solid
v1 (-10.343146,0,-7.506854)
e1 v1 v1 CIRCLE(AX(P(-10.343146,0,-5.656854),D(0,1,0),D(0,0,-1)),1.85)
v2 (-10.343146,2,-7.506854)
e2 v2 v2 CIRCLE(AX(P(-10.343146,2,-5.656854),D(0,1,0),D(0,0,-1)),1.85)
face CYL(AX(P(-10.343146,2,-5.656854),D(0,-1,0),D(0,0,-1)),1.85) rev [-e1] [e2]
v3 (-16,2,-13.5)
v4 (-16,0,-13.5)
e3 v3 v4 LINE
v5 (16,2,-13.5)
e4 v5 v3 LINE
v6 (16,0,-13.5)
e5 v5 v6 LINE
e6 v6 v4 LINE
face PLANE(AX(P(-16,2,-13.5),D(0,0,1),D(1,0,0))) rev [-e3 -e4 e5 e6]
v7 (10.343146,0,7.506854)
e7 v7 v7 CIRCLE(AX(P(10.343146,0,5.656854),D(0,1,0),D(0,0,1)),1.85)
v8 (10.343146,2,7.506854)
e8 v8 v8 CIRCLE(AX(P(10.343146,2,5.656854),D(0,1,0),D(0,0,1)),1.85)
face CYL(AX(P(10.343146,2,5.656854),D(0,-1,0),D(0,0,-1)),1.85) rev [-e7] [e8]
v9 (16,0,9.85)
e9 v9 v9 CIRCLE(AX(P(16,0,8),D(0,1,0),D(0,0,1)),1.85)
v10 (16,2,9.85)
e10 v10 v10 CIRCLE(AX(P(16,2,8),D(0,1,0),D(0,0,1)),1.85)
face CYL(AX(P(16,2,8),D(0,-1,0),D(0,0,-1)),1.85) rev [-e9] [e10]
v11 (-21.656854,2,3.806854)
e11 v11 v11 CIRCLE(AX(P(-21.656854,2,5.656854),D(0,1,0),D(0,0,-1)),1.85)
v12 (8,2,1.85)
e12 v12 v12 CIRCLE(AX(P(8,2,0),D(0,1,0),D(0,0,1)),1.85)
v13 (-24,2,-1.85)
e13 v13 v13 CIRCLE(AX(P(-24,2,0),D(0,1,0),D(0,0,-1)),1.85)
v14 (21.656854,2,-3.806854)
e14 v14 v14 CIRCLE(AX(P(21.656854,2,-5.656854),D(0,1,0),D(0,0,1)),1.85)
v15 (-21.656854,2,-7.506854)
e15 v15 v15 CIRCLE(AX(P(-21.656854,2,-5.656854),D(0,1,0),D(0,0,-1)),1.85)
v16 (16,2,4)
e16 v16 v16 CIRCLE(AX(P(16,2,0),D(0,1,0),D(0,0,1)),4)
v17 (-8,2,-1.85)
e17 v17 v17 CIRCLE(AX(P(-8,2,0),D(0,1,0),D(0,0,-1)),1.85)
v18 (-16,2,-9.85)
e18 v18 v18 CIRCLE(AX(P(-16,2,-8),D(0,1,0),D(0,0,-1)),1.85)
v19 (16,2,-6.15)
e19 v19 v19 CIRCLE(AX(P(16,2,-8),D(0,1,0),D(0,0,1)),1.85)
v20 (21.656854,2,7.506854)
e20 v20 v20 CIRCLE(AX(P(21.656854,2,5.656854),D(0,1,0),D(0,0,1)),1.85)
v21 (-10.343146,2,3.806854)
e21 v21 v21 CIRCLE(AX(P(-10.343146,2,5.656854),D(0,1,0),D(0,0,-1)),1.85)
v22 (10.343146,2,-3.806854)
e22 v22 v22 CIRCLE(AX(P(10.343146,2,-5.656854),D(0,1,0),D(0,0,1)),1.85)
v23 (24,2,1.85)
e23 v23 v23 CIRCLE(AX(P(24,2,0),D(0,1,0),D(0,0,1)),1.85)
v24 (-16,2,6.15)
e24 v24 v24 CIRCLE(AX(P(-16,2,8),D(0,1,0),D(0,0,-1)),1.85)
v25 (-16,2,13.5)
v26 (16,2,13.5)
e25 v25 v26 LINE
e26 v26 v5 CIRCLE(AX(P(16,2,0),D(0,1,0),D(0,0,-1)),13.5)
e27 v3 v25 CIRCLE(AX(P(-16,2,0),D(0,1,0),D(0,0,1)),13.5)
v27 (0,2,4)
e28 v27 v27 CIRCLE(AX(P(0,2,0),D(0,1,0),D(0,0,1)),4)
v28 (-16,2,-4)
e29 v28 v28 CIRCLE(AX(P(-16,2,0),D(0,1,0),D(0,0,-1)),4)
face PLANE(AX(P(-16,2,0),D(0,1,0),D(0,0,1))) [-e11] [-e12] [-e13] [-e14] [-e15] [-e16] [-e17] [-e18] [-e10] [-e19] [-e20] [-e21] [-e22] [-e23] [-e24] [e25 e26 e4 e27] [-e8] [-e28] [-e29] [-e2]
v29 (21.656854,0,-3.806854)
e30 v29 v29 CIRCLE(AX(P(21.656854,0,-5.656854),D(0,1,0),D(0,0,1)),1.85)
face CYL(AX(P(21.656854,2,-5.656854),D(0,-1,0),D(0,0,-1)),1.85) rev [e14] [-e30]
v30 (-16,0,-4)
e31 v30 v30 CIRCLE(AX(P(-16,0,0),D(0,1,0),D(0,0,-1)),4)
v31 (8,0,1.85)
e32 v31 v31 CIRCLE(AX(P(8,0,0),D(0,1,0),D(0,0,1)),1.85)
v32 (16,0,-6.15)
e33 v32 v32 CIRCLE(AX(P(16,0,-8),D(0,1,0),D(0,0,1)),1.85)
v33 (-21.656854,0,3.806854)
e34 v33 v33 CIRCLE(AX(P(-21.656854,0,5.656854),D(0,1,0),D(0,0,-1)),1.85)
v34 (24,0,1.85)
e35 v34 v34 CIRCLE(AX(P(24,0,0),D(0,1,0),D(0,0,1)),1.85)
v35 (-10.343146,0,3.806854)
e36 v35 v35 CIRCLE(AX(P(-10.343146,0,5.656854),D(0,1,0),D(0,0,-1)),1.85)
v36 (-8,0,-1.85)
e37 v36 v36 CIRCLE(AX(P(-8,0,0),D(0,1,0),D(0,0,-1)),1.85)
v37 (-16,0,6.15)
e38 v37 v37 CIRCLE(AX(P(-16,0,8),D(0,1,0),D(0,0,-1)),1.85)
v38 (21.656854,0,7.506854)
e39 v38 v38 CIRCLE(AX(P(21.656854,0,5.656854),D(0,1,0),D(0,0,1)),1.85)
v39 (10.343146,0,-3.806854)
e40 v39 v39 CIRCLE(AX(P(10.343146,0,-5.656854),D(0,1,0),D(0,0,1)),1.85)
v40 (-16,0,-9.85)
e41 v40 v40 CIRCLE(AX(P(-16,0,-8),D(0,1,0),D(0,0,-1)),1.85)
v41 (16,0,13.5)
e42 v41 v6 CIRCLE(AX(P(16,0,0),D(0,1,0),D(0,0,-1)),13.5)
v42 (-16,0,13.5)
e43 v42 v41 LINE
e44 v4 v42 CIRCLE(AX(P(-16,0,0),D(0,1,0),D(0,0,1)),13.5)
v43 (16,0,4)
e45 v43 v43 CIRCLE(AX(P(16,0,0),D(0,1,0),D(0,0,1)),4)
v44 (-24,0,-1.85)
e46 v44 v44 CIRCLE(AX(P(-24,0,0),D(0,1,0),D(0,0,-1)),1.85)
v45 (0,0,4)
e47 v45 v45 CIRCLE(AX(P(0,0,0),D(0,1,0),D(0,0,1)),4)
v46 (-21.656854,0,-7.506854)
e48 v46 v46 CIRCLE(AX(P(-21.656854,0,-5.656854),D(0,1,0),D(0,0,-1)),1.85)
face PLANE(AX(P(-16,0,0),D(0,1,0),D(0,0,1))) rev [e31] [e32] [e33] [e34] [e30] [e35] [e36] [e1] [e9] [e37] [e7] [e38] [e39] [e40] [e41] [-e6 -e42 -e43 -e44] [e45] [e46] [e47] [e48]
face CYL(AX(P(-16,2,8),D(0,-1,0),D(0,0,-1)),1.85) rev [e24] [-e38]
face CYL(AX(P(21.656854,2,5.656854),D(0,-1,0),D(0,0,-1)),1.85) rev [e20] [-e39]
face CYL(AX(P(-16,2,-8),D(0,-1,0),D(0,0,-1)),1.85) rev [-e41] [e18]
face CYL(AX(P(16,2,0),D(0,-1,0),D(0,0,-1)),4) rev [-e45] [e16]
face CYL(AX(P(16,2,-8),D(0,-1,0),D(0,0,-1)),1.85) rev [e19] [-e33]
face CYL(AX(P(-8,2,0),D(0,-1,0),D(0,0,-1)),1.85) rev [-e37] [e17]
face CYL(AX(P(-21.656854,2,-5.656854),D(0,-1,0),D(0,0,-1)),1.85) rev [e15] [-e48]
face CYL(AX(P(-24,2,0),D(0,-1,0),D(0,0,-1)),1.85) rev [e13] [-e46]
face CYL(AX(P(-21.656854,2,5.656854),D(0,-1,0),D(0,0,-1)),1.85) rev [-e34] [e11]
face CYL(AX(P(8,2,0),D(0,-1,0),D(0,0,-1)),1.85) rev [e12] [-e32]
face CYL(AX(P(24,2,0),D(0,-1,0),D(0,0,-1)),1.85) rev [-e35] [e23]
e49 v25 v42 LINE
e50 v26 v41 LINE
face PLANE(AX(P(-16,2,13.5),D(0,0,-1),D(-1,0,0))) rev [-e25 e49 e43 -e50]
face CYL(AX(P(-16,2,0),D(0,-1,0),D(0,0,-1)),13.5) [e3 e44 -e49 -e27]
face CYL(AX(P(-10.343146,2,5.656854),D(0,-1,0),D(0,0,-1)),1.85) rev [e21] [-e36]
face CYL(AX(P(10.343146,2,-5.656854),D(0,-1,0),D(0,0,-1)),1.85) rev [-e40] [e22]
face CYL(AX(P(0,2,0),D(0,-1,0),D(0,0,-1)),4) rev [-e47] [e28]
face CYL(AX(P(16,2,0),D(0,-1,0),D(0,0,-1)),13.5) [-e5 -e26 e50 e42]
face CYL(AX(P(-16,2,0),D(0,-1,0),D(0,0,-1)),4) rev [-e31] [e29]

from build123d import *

# Parameters (mm, degrees)
SKETCH1_R           = 4
SKETCH1_R_2         = 1.85
BOSS_EXTRUDE1_DEPTH = 2


with BuildPart() as part:
    # Sketch1 → Boss-Extrude1 (new body)
    with BuildSketch(Plane(origin=(0, 0, 0), x_dir=(1, 0, 0), z_dir=(0, 1, 0))):
        with BuildLine():
            Line((-16, 13.5), (16, 13.5))
            ThreePointArc((16, 13.5), (29.5, 0), (16, -13.5))
            Line((16, -13.5), (-16, -13.5))
            ThreePointArc((-16, -13.5), (-29.5, 0), (-16, 13.5))
        make_face()
        Circle(SKETCH1_R, mode=Mode.SUBTRACT)
        with Locations((16, 0)):
            Circle(SKETCH1_R, mode=Mode.SUBTRACT)
        with Locations((8, 0)):
            Circle(SKETCH1_R_2, mode=Mode.SUBTRACT)
        with Locations((10.343145751, 5.656854249)):
            Circle(SKETCH1_R_2, mode=Mode.SUBTRACT)
        with Locations((16, 8)):
            Circle(SKETCH1_R_2, mode=Mode.SUBTRACT)
        with Locations((21.656854249, 5.656854249)):
            Circle(SKETCH1_R_2, mode=Mode.SUBTRACT)
        with Locations((24, 0)):
            Circle(SKETCH1_R_2, mode=Mode.SUBTRACT)
        with Locations((21.656854249, -5.656854249)):
            Circle(SKETCH1_R_2, mode=Mode.SUBTRACT)
        with Locations((16, -8)):
            Circle(SKETCH1_R_2, mode=Mode.SUBTRACT)
        with Locations((10.343145751, -5.656854249)):
            Circle(SKETCH1_R_2, mode=Mode.SUBTRACT)
        with Locations((-10.343145751, -5.656854249)):
            Circle(SKETCH1_R_2, mode=Mode.SUBTRACT)
        with Locations((-16, -8)):
            Circle(SKETCH1_R_2, mode=Mode.SUBTRACT)
        with Locations((-21.656854249, -5.656854249)):
            Circle(SKETCH1_R_2, mode=Mode.SUBTRACT)
        with Locations((-24, 0)):
            Circle(SKETCH1_R_2, mode=Mode.SUBTRACT)
        with Locations((-21.656854249, 5.656854249)):
            Circle(SKETCH1_R_2, mode=Mode.SUBTRACT)
        with Locations((-16, 8)):
            Circle(SKETCH1_R_2, mode=Mode.SUBTRACT)
        with Locations((-10.343145751, 5.656854249)):
            Circle(SKETCH1_R_2, mode=Mode.SUBTRACT)
        with Locations((-8, 0)):
            Circle(SKETCH1_R_2, mode=Mode.SUBTRACT)
        with Locations((-16, 0)):
            Circle(SKETCH1_R, mode=Mode.SUBTRACT)
    extrude(amount=BOSS_EXTRUDE1_DEPTH)


solid = part.part
